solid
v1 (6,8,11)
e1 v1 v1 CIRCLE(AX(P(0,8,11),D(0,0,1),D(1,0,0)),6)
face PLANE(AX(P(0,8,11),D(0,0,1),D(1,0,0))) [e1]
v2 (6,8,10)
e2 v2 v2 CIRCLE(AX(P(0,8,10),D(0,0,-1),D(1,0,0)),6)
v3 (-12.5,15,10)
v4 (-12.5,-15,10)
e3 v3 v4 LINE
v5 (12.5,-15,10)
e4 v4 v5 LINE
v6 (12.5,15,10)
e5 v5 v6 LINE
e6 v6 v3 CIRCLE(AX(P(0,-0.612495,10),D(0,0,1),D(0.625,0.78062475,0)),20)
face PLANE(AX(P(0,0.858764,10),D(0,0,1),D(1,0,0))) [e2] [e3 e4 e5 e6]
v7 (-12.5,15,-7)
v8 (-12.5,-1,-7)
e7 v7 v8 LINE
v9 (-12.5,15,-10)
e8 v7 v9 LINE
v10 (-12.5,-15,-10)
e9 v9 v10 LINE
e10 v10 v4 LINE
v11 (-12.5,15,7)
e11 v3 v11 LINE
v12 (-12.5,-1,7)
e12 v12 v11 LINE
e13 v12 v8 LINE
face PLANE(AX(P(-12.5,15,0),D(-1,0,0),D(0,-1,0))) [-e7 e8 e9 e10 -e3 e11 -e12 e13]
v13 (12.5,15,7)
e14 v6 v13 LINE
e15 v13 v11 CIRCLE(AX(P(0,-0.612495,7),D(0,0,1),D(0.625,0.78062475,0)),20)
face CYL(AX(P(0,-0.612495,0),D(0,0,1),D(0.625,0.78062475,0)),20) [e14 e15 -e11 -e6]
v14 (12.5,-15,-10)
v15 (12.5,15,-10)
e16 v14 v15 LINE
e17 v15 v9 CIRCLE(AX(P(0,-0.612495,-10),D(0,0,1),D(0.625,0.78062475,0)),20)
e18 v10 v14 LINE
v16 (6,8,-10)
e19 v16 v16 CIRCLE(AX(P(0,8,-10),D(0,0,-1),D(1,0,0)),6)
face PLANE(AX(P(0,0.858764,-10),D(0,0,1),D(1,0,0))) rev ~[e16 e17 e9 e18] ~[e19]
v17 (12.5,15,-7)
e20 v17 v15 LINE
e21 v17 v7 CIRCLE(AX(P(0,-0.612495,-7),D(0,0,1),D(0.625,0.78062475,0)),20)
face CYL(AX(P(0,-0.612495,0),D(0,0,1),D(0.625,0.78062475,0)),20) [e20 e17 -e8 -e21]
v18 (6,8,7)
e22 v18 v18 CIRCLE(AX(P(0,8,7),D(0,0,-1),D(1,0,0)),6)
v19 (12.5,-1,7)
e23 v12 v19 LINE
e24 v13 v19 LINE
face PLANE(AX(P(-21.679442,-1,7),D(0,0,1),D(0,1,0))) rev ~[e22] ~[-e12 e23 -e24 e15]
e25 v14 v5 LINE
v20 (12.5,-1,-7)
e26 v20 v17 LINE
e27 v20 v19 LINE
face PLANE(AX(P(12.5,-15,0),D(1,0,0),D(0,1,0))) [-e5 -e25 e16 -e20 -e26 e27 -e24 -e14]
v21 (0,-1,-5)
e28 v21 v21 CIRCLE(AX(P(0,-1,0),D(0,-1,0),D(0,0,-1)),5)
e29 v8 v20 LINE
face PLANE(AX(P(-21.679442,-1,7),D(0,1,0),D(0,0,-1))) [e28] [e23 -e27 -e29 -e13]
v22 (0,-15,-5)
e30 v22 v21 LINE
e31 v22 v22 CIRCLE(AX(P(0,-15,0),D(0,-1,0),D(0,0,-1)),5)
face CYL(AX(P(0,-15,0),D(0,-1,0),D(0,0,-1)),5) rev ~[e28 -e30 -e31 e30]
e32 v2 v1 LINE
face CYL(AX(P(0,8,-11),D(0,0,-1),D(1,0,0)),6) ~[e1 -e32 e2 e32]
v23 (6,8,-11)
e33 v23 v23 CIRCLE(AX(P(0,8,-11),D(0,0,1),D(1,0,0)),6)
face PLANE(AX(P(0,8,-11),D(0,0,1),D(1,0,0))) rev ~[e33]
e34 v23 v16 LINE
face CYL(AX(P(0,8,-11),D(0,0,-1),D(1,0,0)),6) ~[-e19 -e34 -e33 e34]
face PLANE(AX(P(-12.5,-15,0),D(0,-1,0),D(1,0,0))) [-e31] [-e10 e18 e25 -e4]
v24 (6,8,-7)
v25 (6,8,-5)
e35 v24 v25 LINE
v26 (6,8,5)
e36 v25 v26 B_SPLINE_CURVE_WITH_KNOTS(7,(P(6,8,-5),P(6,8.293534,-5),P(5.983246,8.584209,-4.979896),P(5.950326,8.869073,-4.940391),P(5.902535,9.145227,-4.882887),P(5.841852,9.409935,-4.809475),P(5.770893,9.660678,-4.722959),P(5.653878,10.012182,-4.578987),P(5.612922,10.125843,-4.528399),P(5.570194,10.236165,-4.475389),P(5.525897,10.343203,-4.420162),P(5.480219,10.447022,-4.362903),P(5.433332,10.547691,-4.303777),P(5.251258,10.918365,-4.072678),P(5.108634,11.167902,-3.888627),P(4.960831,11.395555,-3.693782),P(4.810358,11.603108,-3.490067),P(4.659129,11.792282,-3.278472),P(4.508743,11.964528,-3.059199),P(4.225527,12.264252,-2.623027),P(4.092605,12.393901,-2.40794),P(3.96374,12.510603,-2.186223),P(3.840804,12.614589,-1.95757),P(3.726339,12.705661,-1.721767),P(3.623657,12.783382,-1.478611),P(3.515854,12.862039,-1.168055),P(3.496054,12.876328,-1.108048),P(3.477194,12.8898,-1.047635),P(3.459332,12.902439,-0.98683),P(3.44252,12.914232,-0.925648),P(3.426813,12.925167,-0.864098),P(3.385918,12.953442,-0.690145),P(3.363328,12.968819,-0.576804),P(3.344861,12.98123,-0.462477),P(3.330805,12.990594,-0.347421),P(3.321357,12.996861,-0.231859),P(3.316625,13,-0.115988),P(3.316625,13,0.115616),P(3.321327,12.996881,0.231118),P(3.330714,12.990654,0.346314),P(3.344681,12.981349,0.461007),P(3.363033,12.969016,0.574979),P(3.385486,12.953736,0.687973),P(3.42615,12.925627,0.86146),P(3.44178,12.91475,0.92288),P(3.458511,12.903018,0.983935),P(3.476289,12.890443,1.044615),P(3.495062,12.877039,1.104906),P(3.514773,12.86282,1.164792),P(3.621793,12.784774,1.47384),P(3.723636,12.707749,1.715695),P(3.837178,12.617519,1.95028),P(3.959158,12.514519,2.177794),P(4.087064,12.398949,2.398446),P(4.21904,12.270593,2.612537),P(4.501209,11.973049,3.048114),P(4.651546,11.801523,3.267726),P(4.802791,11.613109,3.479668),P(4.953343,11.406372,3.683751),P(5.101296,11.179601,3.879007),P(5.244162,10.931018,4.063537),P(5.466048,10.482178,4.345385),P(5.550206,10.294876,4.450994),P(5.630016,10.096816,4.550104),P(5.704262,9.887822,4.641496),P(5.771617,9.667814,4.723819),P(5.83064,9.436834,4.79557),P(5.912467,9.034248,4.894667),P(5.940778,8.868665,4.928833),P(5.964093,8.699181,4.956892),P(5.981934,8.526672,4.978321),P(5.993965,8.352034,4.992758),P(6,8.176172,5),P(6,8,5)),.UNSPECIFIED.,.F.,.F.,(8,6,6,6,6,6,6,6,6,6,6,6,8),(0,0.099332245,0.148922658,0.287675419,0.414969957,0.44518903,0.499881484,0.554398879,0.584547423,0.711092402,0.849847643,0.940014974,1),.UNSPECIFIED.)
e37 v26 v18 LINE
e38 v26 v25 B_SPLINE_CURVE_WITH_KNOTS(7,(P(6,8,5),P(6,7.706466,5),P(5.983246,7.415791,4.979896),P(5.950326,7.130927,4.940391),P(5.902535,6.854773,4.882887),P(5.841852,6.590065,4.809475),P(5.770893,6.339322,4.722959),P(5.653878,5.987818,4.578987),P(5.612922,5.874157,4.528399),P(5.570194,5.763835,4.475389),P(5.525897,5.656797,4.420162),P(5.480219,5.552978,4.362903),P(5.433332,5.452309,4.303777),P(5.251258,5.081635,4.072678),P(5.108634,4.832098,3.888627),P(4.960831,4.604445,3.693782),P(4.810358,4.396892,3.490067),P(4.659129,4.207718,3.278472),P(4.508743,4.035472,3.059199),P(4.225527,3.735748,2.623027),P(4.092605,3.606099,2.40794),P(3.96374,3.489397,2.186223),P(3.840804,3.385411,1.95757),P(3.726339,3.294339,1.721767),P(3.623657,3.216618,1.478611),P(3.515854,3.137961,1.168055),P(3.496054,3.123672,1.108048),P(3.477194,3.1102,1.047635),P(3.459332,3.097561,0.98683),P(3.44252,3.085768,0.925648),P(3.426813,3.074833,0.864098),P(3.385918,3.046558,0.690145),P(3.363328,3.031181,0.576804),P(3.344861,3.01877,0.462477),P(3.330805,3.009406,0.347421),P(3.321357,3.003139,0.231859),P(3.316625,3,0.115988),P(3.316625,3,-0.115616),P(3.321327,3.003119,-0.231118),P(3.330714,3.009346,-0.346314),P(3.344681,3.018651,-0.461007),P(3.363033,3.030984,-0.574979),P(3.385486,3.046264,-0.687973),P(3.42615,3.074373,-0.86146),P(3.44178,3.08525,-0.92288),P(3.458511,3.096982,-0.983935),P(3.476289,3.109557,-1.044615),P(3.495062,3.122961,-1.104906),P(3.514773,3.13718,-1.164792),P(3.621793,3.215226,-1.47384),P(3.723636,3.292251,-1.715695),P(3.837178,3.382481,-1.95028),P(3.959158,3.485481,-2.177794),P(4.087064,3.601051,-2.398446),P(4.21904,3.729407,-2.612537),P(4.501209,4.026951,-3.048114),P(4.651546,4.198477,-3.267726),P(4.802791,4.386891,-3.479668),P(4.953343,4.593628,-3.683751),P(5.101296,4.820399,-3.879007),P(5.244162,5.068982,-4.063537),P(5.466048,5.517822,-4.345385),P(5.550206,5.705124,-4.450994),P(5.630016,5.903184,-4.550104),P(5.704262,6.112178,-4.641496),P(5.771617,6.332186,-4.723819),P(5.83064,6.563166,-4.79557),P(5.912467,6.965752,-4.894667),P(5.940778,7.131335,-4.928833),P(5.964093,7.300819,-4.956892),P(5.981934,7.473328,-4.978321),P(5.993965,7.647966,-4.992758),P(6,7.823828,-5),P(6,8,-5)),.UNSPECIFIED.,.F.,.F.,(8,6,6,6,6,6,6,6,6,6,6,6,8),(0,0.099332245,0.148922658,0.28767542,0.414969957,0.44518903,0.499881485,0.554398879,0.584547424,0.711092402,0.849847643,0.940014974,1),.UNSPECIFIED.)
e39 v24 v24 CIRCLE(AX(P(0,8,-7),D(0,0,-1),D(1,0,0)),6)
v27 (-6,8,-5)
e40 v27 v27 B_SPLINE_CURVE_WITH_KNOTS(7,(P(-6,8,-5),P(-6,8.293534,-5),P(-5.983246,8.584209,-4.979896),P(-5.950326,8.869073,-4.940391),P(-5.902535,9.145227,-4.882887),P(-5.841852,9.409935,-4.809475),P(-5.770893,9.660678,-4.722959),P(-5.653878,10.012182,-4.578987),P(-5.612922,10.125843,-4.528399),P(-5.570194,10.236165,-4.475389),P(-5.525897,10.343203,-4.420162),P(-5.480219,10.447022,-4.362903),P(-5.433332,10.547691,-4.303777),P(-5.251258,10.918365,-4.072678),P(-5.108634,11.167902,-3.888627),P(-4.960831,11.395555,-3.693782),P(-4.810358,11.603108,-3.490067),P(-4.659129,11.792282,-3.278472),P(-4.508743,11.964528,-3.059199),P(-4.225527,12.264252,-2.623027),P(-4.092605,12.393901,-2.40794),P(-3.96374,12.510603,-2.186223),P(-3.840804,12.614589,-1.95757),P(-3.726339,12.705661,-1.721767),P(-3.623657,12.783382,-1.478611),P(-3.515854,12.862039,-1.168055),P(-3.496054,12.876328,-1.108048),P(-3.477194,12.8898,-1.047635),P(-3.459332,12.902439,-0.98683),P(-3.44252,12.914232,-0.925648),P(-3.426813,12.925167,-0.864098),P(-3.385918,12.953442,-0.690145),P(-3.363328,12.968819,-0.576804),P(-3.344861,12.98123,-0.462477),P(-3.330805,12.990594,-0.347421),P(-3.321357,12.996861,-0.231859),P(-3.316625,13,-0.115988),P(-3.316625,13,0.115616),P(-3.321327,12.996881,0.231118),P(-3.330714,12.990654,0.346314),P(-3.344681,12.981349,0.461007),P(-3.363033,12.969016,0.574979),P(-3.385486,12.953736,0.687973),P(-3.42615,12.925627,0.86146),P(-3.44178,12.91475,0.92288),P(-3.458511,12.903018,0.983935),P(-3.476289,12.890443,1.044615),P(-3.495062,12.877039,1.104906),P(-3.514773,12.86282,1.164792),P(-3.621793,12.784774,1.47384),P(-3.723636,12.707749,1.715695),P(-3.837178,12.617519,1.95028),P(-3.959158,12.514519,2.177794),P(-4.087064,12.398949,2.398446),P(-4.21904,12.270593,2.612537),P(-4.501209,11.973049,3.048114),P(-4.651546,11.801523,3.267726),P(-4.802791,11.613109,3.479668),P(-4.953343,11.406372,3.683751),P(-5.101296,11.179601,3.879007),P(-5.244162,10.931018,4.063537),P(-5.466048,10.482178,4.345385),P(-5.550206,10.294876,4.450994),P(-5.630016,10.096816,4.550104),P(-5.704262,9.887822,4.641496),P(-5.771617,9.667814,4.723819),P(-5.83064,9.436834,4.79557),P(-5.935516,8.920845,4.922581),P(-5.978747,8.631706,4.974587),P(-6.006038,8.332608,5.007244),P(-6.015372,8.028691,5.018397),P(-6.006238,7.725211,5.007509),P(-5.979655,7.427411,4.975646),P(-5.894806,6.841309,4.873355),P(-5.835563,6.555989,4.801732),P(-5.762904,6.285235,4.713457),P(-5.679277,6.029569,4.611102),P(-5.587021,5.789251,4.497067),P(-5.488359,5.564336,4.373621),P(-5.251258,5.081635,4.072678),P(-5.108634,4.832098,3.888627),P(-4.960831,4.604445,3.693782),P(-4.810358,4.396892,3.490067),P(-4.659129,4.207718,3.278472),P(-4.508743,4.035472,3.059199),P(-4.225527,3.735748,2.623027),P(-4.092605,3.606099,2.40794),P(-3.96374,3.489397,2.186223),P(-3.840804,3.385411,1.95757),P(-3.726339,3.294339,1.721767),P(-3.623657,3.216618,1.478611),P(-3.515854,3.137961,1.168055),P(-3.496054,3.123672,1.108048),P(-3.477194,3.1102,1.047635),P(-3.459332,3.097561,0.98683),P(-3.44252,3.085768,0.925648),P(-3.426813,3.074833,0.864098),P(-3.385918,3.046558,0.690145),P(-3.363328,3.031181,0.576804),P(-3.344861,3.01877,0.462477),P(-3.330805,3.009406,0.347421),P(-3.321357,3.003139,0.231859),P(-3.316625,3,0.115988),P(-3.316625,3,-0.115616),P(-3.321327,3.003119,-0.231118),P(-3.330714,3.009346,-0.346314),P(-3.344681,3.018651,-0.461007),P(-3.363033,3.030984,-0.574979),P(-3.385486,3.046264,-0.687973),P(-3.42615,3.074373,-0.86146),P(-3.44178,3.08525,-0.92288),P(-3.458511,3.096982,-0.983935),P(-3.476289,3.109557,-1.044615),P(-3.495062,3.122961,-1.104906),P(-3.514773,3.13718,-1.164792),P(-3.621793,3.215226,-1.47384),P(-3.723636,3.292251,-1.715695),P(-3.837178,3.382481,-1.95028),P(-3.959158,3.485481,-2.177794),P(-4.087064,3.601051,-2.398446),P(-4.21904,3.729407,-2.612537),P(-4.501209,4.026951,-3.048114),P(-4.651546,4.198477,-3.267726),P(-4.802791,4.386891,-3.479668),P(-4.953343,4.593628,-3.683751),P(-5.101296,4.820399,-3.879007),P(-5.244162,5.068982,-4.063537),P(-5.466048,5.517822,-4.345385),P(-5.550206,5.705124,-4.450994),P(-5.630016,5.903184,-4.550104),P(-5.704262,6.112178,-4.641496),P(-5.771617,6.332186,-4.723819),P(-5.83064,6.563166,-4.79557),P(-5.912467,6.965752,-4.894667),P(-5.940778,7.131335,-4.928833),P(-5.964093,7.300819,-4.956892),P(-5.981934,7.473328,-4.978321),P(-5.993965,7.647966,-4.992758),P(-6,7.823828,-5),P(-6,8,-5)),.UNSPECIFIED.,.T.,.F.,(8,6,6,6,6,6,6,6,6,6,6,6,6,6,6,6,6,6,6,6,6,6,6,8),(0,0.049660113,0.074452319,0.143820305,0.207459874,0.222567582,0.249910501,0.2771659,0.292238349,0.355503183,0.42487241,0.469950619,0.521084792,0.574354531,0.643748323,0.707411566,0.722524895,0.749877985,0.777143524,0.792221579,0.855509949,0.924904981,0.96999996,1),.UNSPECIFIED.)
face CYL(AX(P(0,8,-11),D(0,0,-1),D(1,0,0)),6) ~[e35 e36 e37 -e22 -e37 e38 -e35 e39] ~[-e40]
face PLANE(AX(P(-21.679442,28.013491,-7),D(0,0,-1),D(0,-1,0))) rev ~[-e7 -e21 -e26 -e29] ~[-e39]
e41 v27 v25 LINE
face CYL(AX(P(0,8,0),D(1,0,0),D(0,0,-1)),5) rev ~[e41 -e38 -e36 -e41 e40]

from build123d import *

# Parameters (mm, degrees)
SKETCH1_R                = 5
BOSS_EXTRUDE1_DEPTH      = 10
CUT_EXTRUDE1_DEPTH       = 34.179441681
CUT_EXTRUDE1_DEPTH_BACK  = 34.179441681
BOSS_EXTRUDE2_DEPTH      = 1
BOSS_EXTRUDE2_DEPTH_BACK = 21
SKETCH4_R                = 6
SKETCH5_R                = 5
CUT_EXTRUDE3_DEPTH       = 7.5
SKETCH6_R                = 5
CUT_EXTRUDE4_DEPTH       = 15


with BuildPart() as part:
    # Sketch1 → Boss-Extrude1 (new, symmetric)
    with BuildSketch(Plane.XY):
        with BuildLine():
            Line((-12.5, 15), (-12.5, -15))
            Line((-12.5, -15), (12.5, -15))
            Line((12.5, -15), (12.5, 15))
            ThreePointArc((12.5, 15), (0, 19.387505004), (-12.5, 15))
        make_face()
        with Locations((0, 8)):
            Circle(SKETCH1_R, mode=Mode.SUBTRACT)
    extrude(amount=BOSS_EXTRUDE1_DEPTH, both=True)

    # Sketch2 → Cut-Extrude1 (cut, two sides: drawn at the far end of the back side and taken through both)
    with BuildSketch(Plane(origin=(12.5, 0, 0), x_dir=(0, 0, -1), z_dir=(1, 0, 0)).offset(-CUT_EXTRUDE1_DEPTH_BACK)):
        Polygon((0, -1), (-7, -1), (-7, 28.013491334), (7, 28.013491334), (7, -1), align=None)
    extrude(amount=CUT_EXTRUDE1_DEPTH + CUT_EXTRUDE1_DEPTH_BACK, mode=Mode.SUBTRACT)

    # Sketch4 → Boss-Extrude2 (add, two sides: drawn at the far end of the back side and taken through both)
    with BuildSketch(Plane.XY.offset(10).offset(-BOSS_EXTRUDE2_DEPTH_BACK)):
        with Locations((0, 8)):
            Circle(SKETCH4_R)
    extrude(amount=BOSS_EXTRUDE2_DEPTH + BOSS_EXTRUDE2_DEPTH_BACK)

    # Sketch5 → Cut-Extrude3 (cut, symmetric)
    with BuildSketch(Plane(origin=(0, 0, 0), x_dir=(0, 0, -1), z_dir=(1, 0, 0))):
        with Locations((0, 8)):
            Circle(SKETCH5_R)
    extrude(amount=CUT_EXTRUDE3_DEPTH, both=True, mode=Mode.SUBTRACT)

    # Sketch6 → Cut-Extrude4 (cut)
    with BuildSketch(Plane.XZ.offset(15)):
        with Locations(Location((0, 0, 0), (0, 0, 270))):
            Circle(SKETCH6_R)
    extrude(amount=-CUT_EXTRUDE4_DEPTH, mode=Mode.SUBTRACT)


solid = part.part
